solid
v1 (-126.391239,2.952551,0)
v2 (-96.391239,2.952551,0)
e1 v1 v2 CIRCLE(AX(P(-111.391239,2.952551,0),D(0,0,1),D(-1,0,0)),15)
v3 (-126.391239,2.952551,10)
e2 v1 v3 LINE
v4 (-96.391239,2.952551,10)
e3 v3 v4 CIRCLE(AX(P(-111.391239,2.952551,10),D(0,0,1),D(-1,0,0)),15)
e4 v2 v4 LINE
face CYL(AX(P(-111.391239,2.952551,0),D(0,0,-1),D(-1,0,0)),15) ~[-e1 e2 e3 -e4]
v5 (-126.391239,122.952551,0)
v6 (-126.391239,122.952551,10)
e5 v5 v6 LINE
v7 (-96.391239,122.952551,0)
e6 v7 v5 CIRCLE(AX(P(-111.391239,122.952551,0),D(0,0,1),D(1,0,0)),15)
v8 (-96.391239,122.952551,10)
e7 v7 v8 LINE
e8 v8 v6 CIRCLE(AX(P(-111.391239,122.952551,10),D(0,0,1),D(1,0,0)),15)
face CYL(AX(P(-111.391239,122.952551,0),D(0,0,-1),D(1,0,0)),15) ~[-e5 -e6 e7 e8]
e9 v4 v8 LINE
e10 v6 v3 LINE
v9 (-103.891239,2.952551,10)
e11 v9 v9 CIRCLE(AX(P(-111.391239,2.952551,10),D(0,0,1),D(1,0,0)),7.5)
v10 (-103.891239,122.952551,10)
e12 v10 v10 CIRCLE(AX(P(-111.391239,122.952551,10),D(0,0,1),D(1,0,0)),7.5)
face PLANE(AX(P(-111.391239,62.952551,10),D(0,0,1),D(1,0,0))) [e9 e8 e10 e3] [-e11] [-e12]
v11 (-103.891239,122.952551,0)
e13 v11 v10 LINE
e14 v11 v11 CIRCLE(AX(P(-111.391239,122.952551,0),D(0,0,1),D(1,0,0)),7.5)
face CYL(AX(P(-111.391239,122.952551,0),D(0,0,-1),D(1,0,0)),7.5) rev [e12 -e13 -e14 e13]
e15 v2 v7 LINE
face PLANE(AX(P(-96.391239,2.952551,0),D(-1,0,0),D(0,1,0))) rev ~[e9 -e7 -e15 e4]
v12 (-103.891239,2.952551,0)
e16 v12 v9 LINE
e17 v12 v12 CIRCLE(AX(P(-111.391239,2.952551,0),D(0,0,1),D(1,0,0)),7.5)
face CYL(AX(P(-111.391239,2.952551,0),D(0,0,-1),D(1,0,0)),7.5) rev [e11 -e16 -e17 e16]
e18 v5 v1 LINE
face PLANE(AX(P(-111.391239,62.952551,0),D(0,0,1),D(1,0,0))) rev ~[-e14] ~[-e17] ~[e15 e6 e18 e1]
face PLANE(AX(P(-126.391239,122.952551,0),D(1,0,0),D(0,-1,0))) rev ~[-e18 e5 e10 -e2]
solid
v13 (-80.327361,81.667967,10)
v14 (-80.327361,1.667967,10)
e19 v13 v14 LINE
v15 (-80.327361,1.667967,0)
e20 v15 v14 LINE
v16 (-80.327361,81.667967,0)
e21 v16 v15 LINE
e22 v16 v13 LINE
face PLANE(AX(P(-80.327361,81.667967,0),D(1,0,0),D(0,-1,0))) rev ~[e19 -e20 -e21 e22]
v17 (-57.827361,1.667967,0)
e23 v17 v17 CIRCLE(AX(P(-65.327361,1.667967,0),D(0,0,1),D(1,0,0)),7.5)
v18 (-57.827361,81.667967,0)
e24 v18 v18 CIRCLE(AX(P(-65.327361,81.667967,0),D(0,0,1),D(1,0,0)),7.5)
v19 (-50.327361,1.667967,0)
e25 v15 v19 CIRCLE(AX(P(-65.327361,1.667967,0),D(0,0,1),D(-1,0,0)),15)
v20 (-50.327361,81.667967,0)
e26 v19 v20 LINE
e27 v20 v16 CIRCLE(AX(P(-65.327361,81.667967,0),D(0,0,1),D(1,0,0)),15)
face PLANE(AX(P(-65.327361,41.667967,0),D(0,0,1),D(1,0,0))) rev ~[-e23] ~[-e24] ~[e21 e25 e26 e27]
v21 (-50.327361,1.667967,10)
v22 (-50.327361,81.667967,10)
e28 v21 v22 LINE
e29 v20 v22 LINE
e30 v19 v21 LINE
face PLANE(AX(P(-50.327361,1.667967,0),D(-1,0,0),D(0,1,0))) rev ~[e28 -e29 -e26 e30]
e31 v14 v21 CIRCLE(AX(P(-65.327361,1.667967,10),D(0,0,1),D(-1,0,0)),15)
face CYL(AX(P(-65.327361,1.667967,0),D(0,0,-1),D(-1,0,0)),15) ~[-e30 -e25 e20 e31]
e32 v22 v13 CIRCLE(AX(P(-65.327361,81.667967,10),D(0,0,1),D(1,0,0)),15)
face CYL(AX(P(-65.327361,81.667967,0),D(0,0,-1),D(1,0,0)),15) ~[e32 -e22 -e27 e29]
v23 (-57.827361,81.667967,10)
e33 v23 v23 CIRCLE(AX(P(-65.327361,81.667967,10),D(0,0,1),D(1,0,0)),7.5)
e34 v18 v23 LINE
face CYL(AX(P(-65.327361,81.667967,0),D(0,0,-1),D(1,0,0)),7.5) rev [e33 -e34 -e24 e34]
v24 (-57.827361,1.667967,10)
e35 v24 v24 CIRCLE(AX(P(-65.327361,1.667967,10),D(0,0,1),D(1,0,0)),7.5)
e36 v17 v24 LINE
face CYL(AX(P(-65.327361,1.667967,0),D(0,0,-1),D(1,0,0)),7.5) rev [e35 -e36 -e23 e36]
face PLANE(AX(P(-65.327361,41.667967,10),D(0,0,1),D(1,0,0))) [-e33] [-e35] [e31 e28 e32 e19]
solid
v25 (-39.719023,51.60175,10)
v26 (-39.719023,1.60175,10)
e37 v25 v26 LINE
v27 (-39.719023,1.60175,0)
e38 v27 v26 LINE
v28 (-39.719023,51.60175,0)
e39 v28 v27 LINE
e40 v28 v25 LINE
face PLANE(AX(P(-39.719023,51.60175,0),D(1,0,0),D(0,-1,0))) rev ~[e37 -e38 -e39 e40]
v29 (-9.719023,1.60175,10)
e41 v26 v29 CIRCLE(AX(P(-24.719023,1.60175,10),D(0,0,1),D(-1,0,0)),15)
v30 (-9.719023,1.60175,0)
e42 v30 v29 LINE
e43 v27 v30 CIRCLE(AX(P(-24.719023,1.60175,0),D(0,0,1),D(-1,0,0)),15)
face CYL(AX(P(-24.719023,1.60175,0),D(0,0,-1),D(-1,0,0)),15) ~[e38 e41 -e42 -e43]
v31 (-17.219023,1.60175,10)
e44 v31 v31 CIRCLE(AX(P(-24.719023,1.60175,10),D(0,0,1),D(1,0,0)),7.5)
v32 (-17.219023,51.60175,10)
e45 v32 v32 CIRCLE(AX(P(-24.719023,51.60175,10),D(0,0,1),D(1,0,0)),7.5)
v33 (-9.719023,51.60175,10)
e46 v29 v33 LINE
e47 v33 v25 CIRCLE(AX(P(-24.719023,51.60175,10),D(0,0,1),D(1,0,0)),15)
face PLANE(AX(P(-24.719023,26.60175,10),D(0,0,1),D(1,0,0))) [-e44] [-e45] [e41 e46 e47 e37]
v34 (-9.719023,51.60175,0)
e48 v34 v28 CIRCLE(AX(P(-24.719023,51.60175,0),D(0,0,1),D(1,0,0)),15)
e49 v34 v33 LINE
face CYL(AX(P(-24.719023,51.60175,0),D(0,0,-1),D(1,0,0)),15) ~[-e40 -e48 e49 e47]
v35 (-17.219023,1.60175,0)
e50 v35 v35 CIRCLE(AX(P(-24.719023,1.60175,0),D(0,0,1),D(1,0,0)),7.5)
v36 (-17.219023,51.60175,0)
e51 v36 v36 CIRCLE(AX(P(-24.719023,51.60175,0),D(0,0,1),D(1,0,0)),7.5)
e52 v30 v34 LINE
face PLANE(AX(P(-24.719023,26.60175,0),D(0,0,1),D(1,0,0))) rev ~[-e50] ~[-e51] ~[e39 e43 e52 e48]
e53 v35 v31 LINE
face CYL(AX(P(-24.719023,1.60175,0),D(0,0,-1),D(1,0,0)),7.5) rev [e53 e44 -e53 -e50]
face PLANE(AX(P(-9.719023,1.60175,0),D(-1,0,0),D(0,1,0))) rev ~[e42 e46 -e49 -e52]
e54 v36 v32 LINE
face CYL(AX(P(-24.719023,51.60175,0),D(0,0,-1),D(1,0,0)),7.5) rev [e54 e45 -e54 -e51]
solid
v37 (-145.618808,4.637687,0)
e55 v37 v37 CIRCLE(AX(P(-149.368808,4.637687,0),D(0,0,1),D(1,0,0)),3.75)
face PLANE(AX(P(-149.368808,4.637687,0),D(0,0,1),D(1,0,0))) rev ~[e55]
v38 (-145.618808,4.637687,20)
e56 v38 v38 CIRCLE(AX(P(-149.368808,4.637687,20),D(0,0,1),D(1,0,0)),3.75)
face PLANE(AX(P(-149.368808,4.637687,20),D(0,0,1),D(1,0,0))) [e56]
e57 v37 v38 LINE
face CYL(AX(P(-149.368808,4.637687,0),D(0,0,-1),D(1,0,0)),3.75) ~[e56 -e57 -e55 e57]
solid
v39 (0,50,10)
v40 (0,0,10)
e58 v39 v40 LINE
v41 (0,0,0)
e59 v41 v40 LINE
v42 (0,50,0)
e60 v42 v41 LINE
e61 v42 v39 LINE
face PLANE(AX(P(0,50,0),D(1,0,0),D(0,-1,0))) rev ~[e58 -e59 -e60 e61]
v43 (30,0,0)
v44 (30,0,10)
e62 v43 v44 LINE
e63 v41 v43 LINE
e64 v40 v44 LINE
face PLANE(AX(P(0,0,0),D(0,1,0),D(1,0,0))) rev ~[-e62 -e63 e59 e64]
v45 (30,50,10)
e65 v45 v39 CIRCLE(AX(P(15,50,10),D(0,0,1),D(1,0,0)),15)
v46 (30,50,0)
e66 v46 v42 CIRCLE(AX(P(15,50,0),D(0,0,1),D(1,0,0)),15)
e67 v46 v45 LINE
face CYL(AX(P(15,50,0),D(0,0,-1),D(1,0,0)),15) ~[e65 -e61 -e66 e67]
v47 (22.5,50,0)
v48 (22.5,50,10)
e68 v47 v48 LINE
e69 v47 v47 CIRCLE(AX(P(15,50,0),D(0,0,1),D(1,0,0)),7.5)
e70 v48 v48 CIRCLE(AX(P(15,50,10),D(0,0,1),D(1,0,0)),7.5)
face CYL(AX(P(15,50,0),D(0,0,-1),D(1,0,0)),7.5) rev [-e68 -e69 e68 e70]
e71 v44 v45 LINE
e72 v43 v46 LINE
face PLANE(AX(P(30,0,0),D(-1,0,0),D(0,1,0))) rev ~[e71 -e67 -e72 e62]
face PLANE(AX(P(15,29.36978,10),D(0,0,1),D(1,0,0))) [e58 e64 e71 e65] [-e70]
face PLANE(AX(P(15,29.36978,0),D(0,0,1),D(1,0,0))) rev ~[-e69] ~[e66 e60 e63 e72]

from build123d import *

# Parameters (mm, degrees)
F1_R      = 7.5
F2_DEPTH  = 10
F3_R      = 7.5
F4_DEPTH  = 10
F5_R      = 7.5
F6_DEPTH  = 10
F7_R      = 7.5
F8_DEPTH  = 10
F9_R      = 3.75
F10_DEPTH = 20


with BuildPart() as f2:
    # F1 (on Top) → F2 (new body)
    with BuildSketch(Plane.XY):
        with BuildLine():
            Line((0, 50), (0, 0))
            Line((0, 0), (30, 0))
            Line((30, 0), (30, 50))
            ThreePointArc((30, 50), (15, 65), (0, 50))
        make_face()
        with Locations((15, 50)):
            Circle(F1_R, mode=Mode.SUBTRACT)
    extrude(amount=F2_DEPTH)


with BuildPart() as f4:
    # F3 (on Top) → F4 (new body)
    with BuildSketch(Plane.XY):
        with BuildLine():
            Line((-39.7190231457, 51.6017495219), (-39.7190231457, 1.6017495219))
            ThreePointArc((-39.7190231457, 1.6017495219), (-24.7190231457, -13.3982504781), (-9.7190231457, 1.6017495219))
            Line((-9.7190231457, 1.6017495219), (-9.7190231457, 51.6017495219))
            ThreePointArc((-9.7190231457, 51.6017495219), (-24.7190231457, 66.6017495219), (-39.7190231457, 51.6017495219))
        make_face()
        with Locations((-24.7190231457, 1.6017495219)):
            Circle(F3_R, mode=Mode.SUBTRACT)
        with Locations((-24.7190231457, 51.6017495219)):
            Circle(F3_R, mode=Mode.SUBTRACT)
    extrude(amount=F4_DEPTH)


with BuildPart() as f6:
    # F5 (on Top) → F6 (new body)
    with BuildSketch(Plane.XY):
        with BuildLine():
            Line((-80.3273612261, 81.6679674387), (-80.3273612261, 1.6679674387))
            ThreePointArc((-80.3273612261, 1.6679674387), (-65.3273612261, -13.3320325613), (-50.3273612261, 1.6679674387))
            Line((-50.3273612261, 1.6679674387), (-50.3273612261, 81.6679674387))
            ThreePointArc((-50.3273612261, 81.6679674387), (-65.3273612261, 96.6679674387), (-80.3273612261, 81.6679674387))
        make_face()
        with Locations((-65.3273612261, 1.6679674387)):
            Circle(F5_R, mode=Mode.SUBTRACT)
        with Locations((-65.3273612261, 81.6679674387)):
            Circle(F5_R, mode=Mode.SUBTRACT)
    extrude(amount=F6_DEPTH)


with BuildPart() as f8:
    # F7 (on Top) → F8 (new body)
    with BuildSketch(Plane.XY):
        with BuildLine():
            Line((-126.3912388682, 122.9525510035), (-126.3912388682, 2.9525510035))
            ThreePointArc((-126.3912388682, 2.9525510035), (-111.3912388682, -12.0474489965), (-96.3912388682, 2.9525510035))
            Line((-96.3912388682, 2.9525510035), (-96.3912388682, 122.9525510035))
            ThreePointArc((-96.3912388682, 122.9525510035), (-111.3912388682, 137.9525510035), (-126.3912388682, 122.9525510035))
        make_face()
        with Locations((-111.3912388682, 2.9525510035)):
            Circle(F7_R, mode=Mode.SUBTRACT)
        with Locations((-111.3912388682, 122.9525510035)):
            Circle(F7_R, mode=Mode.SUBTRACT)
    extrude(amount=F8_DEPTH)


with BuildPart() as f10:
    # F9 (on Top) → F10 (new body)
    with BuildSketch(Plane.XY):
        with Locations((-149.3688076735, 4.637687467)):
            Circle(F9_R)
    extrude(amount=F10_DEPTH)


solid = Compound([f2.part, f4.part, f6.part, f8.part, f10.part])
